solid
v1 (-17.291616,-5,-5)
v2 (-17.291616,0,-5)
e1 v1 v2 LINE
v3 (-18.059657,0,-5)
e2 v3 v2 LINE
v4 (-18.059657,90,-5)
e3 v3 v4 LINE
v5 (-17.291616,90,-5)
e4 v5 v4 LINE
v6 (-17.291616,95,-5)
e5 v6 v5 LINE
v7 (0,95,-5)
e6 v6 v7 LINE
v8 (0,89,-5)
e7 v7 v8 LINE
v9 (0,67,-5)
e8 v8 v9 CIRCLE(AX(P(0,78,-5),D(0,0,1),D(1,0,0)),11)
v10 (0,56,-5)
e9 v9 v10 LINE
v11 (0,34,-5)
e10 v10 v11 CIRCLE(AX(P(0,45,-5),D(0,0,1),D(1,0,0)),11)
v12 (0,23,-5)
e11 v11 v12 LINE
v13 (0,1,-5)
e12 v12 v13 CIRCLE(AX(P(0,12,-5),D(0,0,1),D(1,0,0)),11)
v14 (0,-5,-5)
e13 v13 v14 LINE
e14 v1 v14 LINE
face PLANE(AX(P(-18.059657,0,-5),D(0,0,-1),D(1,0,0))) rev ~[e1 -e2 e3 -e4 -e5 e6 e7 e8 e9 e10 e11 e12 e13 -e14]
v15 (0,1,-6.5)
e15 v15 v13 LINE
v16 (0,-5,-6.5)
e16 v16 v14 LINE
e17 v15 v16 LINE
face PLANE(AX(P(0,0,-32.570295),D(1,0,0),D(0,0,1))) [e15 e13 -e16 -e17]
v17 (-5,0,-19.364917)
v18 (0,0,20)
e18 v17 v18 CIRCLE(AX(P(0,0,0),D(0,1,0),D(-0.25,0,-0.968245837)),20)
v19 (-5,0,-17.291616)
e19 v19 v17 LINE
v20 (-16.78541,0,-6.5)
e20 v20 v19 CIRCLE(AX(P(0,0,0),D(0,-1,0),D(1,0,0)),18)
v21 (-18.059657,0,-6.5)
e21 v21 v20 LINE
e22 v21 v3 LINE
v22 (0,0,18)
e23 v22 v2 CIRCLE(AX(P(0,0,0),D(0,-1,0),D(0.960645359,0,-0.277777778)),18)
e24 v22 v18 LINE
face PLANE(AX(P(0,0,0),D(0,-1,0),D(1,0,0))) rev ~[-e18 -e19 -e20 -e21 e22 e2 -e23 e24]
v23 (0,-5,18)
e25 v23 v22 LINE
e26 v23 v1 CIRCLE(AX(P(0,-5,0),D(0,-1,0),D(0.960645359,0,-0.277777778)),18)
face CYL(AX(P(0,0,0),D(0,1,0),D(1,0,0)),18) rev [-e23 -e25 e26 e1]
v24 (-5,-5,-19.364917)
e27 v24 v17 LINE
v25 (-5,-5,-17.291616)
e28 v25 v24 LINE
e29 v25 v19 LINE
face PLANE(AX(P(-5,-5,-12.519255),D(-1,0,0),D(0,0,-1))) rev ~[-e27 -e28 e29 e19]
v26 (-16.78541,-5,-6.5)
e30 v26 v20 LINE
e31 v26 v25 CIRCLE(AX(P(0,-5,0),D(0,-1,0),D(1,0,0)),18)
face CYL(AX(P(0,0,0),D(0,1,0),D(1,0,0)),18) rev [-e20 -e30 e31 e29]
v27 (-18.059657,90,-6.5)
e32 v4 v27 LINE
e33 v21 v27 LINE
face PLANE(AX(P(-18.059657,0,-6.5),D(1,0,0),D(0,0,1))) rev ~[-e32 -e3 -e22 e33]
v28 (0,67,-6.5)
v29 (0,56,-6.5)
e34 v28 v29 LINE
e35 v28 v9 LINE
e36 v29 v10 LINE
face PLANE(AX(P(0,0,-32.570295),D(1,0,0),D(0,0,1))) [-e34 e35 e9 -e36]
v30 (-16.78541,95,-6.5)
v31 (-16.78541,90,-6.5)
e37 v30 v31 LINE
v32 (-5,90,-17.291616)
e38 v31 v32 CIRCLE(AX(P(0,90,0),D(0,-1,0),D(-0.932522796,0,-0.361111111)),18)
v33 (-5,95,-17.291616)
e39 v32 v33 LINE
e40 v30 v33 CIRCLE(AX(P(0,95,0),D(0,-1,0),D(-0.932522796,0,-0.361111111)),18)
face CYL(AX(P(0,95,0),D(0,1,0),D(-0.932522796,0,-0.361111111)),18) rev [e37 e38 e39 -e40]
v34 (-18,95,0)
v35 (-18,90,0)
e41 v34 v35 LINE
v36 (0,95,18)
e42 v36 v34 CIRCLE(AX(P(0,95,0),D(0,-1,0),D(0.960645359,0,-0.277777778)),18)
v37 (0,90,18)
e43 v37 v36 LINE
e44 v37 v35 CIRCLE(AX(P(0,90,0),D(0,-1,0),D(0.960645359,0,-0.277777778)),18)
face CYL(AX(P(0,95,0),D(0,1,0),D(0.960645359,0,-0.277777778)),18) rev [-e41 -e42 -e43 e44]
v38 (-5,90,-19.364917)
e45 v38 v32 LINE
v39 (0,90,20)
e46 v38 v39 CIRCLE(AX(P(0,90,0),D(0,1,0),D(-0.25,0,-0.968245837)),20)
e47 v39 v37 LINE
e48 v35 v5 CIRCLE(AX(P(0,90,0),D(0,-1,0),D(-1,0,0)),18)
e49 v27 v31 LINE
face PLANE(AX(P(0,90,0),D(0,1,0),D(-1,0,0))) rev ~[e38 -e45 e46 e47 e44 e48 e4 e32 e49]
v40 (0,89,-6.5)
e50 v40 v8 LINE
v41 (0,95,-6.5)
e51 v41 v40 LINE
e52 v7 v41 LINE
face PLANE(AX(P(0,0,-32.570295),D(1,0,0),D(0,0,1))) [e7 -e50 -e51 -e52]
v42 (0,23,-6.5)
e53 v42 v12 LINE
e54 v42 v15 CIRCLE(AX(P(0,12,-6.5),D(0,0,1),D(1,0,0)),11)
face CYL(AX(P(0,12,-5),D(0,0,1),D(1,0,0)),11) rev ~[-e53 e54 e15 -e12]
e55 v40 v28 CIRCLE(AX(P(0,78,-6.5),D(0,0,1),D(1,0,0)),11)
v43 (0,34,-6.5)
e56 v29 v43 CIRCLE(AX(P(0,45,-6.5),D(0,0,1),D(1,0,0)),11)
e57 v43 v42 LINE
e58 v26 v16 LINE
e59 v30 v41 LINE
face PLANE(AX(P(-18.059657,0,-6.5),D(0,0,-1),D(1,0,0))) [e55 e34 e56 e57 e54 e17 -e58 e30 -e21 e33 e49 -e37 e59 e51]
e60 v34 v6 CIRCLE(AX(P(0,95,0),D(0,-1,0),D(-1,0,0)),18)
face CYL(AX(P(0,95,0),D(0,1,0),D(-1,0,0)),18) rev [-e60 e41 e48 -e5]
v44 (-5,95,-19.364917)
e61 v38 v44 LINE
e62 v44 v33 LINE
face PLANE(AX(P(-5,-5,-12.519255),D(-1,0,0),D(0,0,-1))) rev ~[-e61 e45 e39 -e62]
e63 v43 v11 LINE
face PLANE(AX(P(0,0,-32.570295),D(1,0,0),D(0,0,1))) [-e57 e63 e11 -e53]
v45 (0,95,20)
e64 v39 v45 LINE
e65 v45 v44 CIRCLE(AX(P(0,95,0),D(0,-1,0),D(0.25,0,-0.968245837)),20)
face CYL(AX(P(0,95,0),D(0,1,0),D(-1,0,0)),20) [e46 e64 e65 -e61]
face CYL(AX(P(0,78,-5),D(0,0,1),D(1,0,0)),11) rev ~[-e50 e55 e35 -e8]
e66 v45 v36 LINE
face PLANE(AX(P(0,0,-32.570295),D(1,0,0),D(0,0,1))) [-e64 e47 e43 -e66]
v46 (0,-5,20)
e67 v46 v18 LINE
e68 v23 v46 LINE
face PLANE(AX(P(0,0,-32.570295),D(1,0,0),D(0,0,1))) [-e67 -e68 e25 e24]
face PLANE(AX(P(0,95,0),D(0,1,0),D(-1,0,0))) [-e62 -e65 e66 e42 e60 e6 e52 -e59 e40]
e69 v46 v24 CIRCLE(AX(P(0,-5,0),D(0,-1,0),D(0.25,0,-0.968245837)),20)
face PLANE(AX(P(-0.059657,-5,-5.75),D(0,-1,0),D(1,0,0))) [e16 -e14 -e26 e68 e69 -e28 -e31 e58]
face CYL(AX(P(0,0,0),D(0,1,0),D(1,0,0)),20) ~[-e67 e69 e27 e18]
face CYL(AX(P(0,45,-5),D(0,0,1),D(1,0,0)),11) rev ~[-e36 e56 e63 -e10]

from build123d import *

# Parameters (mm, degrees)
F0_R          = 20
F0_R_2        = 18
F1_DEPTH      = 5
F2_W          = 36
F2_H          = 1.5
F3_DEPTH      = 5
F3_DEPTH_BACK = 95
F4_R          = 20
F5_DEPTH      = 5
F7_DEPTH      = 100.001
F8_R          = 11
F9_DEPTH      = 14.365916731
F10_W         = 25.2537801862
F10_H         = 64.4325390458
F11_DEPTH     = 100


with BuildPart() as f1:
    # F0 (on Front) → F1 (new body)
    with BuildSketch(Plane.XZ):
        Circle(F0_R)
        Circle(F0_R_2, mode=Mode.SUBTRACT)
    extrude(amount=F1_DEPTH)

    # F2 (on Front) → F3 (join, two sides)
    with BuildSketch(Plane.XZ) as f3_sk:
        with Locations((-0.0596572459, -5.75)):
            Rectangle(F2_W, F2_H)
    extrude(amount=F3_DEPTH)
    extrude(f3_sk.sketch, amount=-F3_DEPTH_BACK)

    # F4 (on face) → F5 (join)
    with BuildSketch(Plane(origin=(0, 95, 0), x_dir=(-1, 0, 0), z_dir=(0, 1, 0))):
        Circle(F4_R)
        with BuildLine():
            ThreePointArc((-17.2916164658, -5), (-2.5249657043, 17.8220242451), (18, 0))
            ThreePointArc((18, 0), (17.8220242451, -2.5249657043), (17.2916164658, -5))
            Line((17.2916164658, -5), (18.0596572459, -5))
            Line((18.0596572459, -5), (18.0596572459, -6.5))
            Line((18.0596572459, -6.5), (16.7854103316, -6.5))
            ThreePointArc((16.7854103316, -6.5), (0, -18), (-16.7854103316, -6.5))
            Line((-16.7854103316, -6.5), (-17.9403427541, -6.5))
            Line((-17.9403427541, -6.5), (-17.9403427541, -5))
            Line((-17.9403427541, -5), (-17.2916164658, -5))
        make_face(mode=Mode.SUBTRACT)
    extrude(amount=-F5_DEPTH)

    # F6 (on face) → F7 (cut, through all)
    with BuildSketch(Plane.XZ.offset(5)):
        with BuildLine():
            ThreePointArc((5, -19.364916731), (0, -20), (-5, -19.364916731))
            Line((-5, -19.364916731), (-5, -22.519255057))
            Line((-5, -22.519255057), (5, -22.519255057))
            Line((5, -22.519255057), (5, -19.364916731))
        make_face()
        with BuildLine():
            ThreePointArc((5, -17.2916164658), (0, -18), (-5, -17.2916164658))
            Line((-5, -17.2916164658), (-5, -19.364916731))
            ThreePointArc((-5, -19.364916731), (0, -20), (5, -19.364916731))
            Line((5, -19.364916731), (5, -17.2916164658))
        make_face()
        with BuildLine():
            Line((5, -12.519255057), (-5, -12.519255057))
            Line((-5, -12.519255057), (-5, -17.2916164658))
            ThreePointArc((-5, -17.2916164658), (0, -18), (5, -17.2916164658))
            Line((5, -17.2916164658), (5, -12.519255057))
        make_face()
    extrude(amount=-F7_DEPTH, mode=Mode.SUBTRACT)

    # F8 (on face) → F9 (cut, through all)
    with BuildSketch(Plane.XY.offset(-5)):
        with Locations((0, 12)):
            Circle(F8_R)
        with Locations((0, 45)):
            Circle(F8_R)
        with Locations((0, 78)):
            Circle(F8_R)
    extrude(amount=-F9_DEPTH, mode=Mode.SUBTRACT)

    # F10 (on Front) → F11 (cut, symmetric)
    with BuildSketch(Plane.XZ):
        with Locations((12.6268900931, -0.3540255129)):
            Rectangle(F10_W, F10_H)
    extrude(amount=F11_DEPTH, both=True, mode=Mode.SUBTRACT)


solid = f1.part
